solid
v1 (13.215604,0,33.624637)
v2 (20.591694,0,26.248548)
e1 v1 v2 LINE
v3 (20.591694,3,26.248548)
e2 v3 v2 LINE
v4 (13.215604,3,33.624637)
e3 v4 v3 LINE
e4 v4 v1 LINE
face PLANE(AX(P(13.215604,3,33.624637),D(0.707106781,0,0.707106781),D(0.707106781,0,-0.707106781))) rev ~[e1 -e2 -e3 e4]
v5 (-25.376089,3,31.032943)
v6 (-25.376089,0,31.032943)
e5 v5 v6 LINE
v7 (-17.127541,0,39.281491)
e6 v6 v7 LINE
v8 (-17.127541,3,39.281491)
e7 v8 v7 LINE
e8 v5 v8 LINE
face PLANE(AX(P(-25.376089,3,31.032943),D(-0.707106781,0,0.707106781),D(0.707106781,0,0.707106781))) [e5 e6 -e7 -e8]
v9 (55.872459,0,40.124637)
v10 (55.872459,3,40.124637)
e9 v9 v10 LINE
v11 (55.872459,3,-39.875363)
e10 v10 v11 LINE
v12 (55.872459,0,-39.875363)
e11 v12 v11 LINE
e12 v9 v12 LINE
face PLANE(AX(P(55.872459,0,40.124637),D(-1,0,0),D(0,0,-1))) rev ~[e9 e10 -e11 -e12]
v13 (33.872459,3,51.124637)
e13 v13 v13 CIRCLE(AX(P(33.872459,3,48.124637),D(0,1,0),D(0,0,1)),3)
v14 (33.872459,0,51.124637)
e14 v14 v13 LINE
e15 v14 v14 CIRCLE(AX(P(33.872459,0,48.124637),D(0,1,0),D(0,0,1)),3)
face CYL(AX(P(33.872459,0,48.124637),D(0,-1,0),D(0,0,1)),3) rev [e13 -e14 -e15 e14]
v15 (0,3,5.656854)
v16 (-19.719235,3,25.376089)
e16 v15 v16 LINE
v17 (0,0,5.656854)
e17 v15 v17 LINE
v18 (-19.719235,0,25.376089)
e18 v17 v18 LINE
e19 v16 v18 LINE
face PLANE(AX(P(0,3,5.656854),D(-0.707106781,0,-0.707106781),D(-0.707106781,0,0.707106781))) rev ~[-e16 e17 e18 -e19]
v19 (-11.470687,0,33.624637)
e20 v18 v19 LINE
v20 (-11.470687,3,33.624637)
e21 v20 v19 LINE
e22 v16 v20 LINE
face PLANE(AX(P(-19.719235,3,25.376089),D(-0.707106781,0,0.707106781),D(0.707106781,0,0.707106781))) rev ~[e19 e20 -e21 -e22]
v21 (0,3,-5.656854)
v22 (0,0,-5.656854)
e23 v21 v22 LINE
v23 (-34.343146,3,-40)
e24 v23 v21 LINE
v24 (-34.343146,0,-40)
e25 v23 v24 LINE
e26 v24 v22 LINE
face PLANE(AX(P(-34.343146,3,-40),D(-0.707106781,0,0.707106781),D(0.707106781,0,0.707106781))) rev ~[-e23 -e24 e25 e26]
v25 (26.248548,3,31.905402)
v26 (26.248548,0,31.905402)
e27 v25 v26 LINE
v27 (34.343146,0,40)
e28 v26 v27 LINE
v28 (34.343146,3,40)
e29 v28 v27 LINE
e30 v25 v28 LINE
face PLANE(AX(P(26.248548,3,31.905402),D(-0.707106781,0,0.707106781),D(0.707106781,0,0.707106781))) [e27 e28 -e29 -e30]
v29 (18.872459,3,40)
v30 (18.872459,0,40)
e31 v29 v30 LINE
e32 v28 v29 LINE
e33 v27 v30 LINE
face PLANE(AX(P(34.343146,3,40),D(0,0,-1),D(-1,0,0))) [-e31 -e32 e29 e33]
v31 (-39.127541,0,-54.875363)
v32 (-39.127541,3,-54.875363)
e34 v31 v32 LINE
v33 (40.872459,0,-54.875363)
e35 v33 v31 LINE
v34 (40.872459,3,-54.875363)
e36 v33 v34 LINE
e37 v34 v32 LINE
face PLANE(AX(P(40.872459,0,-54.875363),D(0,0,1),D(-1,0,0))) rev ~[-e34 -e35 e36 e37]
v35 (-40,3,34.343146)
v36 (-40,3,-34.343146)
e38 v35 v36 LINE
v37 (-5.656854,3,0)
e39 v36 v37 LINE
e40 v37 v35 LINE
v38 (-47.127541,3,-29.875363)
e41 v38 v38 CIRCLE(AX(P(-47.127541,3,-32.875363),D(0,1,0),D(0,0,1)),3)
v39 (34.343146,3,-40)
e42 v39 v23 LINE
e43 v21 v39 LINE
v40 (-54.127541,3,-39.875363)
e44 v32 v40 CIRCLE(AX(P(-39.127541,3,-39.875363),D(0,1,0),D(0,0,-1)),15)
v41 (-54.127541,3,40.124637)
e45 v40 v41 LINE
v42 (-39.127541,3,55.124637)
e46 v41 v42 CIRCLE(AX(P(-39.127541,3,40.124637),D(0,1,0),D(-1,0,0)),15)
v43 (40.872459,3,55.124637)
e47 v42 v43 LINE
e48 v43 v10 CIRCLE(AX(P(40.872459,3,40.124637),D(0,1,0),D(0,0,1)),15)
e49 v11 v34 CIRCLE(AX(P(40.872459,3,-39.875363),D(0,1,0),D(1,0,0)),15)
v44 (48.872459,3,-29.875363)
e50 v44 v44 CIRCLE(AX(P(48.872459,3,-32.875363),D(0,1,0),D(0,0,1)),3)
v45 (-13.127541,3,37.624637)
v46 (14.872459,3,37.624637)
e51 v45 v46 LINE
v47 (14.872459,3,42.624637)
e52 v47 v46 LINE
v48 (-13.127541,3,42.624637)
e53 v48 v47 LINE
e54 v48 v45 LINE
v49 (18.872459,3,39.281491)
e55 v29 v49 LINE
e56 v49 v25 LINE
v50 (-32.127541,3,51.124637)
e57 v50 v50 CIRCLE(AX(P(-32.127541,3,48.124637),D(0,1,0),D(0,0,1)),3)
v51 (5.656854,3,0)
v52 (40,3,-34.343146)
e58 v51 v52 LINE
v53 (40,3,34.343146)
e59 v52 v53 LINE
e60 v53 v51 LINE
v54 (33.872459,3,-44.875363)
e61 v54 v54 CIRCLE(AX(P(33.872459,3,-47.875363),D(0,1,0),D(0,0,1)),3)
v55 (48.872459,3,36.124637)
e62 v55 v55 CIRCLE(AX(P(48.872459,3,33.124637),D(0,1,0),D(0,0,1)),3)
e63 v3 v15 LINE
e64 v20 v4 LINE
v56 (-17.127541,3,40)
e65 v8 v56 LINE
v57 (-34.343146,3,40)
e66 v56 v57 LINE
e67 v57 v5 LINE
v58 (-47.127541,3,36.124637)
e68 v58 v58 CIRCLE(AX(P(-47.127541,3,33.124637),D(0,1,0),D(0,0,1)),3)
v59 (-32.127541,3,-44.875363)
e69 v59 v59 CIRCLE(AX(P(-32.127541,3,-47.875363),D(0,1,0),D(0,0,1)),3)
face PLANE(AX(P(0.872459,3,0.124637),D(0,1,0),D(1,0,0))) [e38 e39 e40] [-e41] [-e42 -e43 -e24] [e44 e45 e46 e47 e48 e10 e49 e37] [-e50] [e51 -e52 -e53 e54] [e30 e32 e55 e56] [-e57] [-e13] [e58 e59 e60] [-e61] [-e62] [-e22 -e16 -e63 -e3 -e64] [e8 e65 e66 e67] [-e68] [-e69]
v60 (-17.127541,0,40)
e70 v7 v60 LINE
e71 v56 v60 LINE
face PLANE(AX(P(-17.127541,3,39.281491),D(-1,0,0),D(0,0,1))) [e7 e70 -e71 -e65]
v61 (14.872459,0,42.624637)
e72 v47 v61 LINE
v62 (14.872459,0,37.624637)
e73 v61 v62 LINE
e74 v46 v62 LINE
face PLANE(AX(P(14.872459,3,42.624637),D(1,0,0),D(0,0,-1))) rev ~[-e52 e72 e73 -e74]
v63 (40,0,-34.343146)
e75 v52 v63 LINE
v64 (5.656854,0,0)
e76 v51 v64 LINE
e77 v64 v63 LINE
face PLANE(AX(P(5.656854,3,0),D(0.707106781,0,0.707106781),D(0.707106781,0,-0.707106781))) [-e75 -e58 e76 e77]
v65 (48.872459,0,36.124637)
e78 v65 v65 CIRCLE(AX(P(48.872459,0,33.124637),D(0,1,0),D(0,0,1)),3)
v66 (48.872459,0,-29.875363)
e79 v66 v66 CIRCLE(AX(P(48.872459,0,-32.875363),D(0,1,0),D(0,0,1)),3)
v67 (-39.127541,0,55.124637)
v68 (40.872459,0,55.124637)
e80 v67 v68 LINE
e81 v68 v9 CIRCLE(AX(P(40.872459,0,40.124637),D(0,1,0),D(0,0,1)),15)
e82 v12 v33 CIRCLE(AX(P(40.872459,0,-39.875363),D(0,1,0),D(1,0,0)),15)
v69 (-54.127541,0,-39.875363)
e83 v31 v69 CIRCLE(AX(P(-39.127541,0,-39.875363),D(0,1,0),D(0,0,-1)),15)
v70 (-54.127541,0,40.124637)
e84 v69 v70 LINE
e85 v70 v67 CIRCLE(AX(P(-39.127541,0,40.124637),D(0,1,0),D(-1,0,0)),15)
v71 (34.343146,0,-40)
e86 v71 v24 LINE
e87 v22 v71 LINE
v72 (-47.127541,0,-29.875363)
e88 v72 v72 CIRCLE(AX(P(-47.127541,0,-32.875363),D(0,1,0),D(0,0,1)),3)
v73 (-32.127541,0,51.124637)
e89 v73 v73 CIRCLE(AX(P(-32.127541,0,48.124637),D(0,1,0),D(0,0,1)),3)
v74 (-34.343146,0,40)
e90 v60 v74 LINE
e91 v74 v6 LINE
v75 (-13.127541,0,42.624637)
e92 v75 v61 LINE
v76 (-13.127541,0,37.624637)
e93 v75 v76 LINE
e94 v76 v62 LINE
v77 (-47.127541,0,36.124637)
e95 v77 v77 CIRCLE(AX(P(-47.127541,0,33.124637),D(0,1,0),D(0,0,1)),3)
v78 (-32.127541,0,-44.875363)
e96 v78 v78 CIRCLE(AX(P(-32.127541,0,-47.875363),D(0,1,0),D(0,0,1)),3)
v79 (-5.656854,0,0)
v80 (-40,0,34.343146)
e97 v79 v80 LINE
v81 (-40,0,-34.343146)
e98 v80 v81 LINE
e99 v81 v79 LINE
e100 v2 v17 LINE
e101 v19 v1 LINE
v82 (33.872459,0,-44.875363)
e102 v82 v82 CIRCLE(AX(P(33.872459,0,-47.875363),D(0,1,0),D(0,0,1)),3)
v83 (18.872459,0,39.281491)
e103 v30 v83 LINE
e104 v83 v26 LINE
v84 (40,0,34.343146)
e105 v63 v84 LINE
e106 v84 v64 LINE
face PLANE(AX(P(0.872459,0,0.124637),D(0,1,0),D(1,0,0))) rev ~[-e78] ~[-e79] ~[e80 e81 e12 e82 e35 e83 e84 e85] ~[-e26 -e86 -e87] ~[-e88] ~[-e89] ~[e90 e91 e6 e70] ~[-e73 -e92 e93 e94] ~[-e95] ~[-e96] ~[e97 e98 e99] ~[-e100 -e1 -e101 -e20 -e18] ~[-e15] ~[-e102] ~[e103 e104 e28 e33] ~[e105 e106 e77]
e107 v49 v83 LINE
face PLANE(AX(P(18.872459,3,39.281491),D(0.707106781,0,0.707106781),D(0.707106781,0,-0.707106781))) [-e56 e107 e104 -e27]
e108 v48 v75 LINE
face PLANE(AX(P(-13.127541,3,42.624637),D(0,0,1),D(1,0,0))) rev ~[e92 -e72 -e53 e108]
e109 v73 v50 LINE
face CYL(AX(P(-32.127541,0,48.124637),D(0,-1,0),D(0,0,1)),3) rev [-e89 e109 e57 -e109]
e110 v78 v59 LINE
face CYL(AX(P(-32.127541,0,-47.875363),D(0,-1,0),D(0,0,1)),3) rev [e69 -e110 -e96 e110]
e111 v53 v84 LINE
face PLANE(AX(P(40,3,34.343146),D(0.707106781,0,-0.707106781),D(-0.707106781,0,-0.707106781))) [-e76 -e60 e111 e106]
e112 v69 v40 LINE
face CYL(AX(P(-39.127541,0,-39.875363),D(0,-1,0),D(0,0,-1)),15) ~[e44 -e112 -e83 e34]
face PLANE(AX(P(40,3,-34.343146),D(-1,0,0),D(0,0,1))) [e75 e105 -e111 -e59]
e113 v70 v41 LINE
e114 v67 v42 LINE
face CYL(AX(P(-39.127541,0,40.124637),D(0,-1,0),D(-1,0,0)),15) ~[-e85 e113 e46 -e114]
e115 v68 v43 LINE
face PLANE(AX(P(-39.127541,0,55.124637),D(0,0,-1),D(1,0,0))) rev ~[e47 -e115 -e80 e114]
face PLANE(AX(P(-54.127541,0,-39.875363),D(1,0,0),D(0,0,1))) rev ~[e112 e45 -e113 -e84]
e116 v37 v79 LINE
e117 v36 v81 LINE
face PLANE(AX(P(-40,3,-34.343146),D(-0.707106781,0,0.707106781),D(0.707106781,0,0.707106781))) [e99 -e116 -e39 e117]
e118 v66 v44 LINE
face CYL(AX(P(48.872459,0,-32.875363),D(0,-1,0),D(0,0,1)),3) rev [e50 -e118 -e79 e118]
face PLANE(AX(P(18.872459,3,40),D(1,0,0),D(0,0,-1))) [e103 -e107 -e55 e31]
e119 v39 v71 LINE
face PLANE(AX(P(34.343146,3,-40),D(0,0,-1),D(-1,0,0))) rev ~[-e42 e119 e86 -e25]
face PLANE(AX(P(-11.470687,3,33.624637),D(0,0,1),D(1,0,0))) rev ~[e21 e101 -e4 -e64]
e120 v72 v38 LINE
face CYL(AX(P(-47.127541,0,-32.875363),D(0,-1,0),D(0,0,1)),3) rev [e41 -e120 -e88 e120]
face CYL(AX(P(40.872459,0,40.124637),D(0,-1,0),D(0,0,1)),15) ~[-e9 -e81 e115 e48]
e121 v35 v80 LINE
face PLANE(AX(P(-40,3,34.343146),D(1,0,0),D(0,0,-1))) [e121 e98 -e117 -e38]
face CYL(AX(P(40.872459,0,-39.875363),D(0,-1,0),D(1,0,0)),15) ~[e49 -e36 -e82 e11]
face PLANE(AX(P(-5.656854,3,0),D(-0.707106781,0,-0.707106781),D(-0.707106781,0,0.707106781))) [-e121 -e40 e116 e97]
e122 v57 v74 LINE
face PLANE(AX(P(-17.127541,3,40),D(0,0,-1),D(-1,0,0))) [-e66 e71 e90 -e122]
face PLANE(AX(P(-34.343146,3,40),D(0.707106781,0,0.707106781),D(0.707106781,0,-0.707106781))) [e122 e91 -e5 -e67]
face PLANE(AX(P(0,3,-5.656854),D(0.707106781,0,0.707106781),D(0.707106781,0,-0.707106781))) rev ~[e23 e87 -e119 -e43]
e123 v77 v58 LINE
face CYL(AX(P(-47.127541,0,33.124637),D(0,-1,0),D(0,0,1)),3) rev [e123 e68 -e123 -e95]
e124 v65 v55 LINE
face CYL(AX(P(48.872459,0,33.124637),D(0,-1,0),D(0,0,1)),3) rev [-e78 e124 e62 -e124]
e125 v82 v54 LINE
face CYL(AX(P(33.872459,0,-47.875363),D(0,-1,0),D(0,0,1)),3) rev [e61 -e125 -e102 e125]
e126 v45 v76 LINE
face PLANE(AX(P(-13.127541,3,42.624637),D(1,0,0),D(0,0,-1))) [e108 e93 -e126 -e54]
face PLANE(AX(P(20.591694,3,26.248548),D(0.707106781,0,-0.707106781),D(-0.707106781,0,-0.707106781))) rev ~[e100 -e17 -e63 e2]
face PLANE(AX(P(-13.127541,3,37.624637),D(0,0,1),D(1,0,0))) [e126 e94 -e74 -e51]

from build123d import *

# Parameters (mm, degrees)
SKETCH1_R           = 3
BOSS_EXTRUDE1_DEPTH = 3
SKETCH2_W           = 28
SKETCH2_H           = 5
CUT_EXTRUDE1_DEPTH  = 79.545892535
CUT_EXTRUDE2_DEPTH  = 79.545892535


with BuildPart() as part:
    # Sketch1 → Boss-Extrude1 (new body)
    with BuildSketch(Plane(origin=(0, 0, 0), x_dir=(1, 0, 0), z_dir=(0, 1, 0))):
        with BuildLine():
            Line((55.872458647, -40.12463695), (55.872458647, 39.87536305))
            ThreePointArc((55.872458647, 39.87536305), (51.479060365, 50.481964768), (40.872458647, 54.87536305))
            Line((40.872458647, 54.87536305), (-39.127541353, 54.87536305))
            ThreePointArc((-39.127541353, 54.87536305), (-49.734143071, 50.481964768), (-54.127541353, 39.87536305))
            Line((-54.127541353, 39.87536305), (-54.127541353, -40.12463695))
            ThreePointArc((-54.127541353, -40.12463695), (-49.734143071, -50.731238667), (-39.127541353, -55.12463695))
            Line((-39.127541353, -55.12463695), (40.872458647, -55.12463695))
            ThreePointArc((40.872458647, -55.12463695), (51.479060365, -50.731238667), (55.872458647, -40.12463695))
        make_face()
        with Locations(Location((48.872458647, 32.87536305, 0), (0, 0, 270))):
            Circle(SKETCH1_R, mode=Mode.SUBTRACT)
        with Locations(Location((-47.127541353, -33.12463695, 0), (0, 0, 270))):
            Circle(SKETCH1_R, mode=Mode.SUBTRACT)
        with Locations(Location((-32.127541353, -48.12463695, 0), (0, 0, 270))):
            Circle(SKETCH1_R, mode=Mode.SUBTRACT)
        with Locations(Location((33.872458647, -48.12463695, 0), (0, 0, 270))):
            Circle(SKETCH1_R, mode=Mode.SUBTRACT)
        with Locations(Location((48.872458647, -33.12463695, 0), (0, 0, 270))):
            Circle(SKETCH1_R, mode=Mode.SUBTRACT)
        with Locations(Location((33.872458647, 47.87536305, 0), (0, 0, 270))):
            Circle(SKETCH1_R, mode=Mode.SUBTRACT)
        with Locations(Location((-32.127541353, 47.87536305, 0), (0, 0, 270))):
            Circle(SKETCH1_R, mode=Mode.SUBTRACT)
        with Locations(Location((-47.127541353, 32.87536305, 0), (0, 0, 270))):
            Circle(SKETCH1_R, mode=Mode.SUBTRACT)
    extrude(amount=BOSS_EXTRUDE1_DEPTH)

    # Sketch2 → Cut-Extrude1 (cut, through all)
    with BuildSketch(Plane(origin=(0, 3, 0), x_dir=(1, 0, 0), z_dir=(0, 1, 0))):
        with Locations((0.872458647, -40.12463695)):
            Rectangle(SKETCH2_W, SKETCH2_H)
    extrude(amount=-CUT_EXTRUDE1_DEPTH, mode=Mode.SUBTRACT)

    # Sketch3 → Cut-Extrude2 (cut, through all)
    with BuildSketch(Plane(origin=(0, 3, 0), x_dir=(1, 0, 0), z_dir=(0, 1, 0))):
        Polygon((40, -34.343145751), (5.656854249, 0), (40, 34.343145751), align=None)
        Polygon((34.343145751, -40), (18.872458647, -40), (18.872458647, -39.281491199), (26.248547798, -31.905402048), align=None)
        Polygon((34.343145751, 40), (-34.343145751, 40), (0, 5.656854249), align=None)
        Polygon((-40, -34.343145751), (-40, 34.343145751), (-5.656854249, 0), align=None)
        Polygon((0, -5.656854249), (-19.719234902, -25.376089151), (-11.470687104, -33.62463695), (13.215604397, -33.62463695), (20.591693549, -26.248547798), align=None)
        Polygon((-17.127541353, -39.281491199), (-17.127541353, -40), (-34.343145751, -40), (-25.376089151, -31.032943401), align=None)
    extrude(amount=-CUT_EXTRUDE2_DEPTH, mode=Mode.SUBTRACT)


solid = part.part
